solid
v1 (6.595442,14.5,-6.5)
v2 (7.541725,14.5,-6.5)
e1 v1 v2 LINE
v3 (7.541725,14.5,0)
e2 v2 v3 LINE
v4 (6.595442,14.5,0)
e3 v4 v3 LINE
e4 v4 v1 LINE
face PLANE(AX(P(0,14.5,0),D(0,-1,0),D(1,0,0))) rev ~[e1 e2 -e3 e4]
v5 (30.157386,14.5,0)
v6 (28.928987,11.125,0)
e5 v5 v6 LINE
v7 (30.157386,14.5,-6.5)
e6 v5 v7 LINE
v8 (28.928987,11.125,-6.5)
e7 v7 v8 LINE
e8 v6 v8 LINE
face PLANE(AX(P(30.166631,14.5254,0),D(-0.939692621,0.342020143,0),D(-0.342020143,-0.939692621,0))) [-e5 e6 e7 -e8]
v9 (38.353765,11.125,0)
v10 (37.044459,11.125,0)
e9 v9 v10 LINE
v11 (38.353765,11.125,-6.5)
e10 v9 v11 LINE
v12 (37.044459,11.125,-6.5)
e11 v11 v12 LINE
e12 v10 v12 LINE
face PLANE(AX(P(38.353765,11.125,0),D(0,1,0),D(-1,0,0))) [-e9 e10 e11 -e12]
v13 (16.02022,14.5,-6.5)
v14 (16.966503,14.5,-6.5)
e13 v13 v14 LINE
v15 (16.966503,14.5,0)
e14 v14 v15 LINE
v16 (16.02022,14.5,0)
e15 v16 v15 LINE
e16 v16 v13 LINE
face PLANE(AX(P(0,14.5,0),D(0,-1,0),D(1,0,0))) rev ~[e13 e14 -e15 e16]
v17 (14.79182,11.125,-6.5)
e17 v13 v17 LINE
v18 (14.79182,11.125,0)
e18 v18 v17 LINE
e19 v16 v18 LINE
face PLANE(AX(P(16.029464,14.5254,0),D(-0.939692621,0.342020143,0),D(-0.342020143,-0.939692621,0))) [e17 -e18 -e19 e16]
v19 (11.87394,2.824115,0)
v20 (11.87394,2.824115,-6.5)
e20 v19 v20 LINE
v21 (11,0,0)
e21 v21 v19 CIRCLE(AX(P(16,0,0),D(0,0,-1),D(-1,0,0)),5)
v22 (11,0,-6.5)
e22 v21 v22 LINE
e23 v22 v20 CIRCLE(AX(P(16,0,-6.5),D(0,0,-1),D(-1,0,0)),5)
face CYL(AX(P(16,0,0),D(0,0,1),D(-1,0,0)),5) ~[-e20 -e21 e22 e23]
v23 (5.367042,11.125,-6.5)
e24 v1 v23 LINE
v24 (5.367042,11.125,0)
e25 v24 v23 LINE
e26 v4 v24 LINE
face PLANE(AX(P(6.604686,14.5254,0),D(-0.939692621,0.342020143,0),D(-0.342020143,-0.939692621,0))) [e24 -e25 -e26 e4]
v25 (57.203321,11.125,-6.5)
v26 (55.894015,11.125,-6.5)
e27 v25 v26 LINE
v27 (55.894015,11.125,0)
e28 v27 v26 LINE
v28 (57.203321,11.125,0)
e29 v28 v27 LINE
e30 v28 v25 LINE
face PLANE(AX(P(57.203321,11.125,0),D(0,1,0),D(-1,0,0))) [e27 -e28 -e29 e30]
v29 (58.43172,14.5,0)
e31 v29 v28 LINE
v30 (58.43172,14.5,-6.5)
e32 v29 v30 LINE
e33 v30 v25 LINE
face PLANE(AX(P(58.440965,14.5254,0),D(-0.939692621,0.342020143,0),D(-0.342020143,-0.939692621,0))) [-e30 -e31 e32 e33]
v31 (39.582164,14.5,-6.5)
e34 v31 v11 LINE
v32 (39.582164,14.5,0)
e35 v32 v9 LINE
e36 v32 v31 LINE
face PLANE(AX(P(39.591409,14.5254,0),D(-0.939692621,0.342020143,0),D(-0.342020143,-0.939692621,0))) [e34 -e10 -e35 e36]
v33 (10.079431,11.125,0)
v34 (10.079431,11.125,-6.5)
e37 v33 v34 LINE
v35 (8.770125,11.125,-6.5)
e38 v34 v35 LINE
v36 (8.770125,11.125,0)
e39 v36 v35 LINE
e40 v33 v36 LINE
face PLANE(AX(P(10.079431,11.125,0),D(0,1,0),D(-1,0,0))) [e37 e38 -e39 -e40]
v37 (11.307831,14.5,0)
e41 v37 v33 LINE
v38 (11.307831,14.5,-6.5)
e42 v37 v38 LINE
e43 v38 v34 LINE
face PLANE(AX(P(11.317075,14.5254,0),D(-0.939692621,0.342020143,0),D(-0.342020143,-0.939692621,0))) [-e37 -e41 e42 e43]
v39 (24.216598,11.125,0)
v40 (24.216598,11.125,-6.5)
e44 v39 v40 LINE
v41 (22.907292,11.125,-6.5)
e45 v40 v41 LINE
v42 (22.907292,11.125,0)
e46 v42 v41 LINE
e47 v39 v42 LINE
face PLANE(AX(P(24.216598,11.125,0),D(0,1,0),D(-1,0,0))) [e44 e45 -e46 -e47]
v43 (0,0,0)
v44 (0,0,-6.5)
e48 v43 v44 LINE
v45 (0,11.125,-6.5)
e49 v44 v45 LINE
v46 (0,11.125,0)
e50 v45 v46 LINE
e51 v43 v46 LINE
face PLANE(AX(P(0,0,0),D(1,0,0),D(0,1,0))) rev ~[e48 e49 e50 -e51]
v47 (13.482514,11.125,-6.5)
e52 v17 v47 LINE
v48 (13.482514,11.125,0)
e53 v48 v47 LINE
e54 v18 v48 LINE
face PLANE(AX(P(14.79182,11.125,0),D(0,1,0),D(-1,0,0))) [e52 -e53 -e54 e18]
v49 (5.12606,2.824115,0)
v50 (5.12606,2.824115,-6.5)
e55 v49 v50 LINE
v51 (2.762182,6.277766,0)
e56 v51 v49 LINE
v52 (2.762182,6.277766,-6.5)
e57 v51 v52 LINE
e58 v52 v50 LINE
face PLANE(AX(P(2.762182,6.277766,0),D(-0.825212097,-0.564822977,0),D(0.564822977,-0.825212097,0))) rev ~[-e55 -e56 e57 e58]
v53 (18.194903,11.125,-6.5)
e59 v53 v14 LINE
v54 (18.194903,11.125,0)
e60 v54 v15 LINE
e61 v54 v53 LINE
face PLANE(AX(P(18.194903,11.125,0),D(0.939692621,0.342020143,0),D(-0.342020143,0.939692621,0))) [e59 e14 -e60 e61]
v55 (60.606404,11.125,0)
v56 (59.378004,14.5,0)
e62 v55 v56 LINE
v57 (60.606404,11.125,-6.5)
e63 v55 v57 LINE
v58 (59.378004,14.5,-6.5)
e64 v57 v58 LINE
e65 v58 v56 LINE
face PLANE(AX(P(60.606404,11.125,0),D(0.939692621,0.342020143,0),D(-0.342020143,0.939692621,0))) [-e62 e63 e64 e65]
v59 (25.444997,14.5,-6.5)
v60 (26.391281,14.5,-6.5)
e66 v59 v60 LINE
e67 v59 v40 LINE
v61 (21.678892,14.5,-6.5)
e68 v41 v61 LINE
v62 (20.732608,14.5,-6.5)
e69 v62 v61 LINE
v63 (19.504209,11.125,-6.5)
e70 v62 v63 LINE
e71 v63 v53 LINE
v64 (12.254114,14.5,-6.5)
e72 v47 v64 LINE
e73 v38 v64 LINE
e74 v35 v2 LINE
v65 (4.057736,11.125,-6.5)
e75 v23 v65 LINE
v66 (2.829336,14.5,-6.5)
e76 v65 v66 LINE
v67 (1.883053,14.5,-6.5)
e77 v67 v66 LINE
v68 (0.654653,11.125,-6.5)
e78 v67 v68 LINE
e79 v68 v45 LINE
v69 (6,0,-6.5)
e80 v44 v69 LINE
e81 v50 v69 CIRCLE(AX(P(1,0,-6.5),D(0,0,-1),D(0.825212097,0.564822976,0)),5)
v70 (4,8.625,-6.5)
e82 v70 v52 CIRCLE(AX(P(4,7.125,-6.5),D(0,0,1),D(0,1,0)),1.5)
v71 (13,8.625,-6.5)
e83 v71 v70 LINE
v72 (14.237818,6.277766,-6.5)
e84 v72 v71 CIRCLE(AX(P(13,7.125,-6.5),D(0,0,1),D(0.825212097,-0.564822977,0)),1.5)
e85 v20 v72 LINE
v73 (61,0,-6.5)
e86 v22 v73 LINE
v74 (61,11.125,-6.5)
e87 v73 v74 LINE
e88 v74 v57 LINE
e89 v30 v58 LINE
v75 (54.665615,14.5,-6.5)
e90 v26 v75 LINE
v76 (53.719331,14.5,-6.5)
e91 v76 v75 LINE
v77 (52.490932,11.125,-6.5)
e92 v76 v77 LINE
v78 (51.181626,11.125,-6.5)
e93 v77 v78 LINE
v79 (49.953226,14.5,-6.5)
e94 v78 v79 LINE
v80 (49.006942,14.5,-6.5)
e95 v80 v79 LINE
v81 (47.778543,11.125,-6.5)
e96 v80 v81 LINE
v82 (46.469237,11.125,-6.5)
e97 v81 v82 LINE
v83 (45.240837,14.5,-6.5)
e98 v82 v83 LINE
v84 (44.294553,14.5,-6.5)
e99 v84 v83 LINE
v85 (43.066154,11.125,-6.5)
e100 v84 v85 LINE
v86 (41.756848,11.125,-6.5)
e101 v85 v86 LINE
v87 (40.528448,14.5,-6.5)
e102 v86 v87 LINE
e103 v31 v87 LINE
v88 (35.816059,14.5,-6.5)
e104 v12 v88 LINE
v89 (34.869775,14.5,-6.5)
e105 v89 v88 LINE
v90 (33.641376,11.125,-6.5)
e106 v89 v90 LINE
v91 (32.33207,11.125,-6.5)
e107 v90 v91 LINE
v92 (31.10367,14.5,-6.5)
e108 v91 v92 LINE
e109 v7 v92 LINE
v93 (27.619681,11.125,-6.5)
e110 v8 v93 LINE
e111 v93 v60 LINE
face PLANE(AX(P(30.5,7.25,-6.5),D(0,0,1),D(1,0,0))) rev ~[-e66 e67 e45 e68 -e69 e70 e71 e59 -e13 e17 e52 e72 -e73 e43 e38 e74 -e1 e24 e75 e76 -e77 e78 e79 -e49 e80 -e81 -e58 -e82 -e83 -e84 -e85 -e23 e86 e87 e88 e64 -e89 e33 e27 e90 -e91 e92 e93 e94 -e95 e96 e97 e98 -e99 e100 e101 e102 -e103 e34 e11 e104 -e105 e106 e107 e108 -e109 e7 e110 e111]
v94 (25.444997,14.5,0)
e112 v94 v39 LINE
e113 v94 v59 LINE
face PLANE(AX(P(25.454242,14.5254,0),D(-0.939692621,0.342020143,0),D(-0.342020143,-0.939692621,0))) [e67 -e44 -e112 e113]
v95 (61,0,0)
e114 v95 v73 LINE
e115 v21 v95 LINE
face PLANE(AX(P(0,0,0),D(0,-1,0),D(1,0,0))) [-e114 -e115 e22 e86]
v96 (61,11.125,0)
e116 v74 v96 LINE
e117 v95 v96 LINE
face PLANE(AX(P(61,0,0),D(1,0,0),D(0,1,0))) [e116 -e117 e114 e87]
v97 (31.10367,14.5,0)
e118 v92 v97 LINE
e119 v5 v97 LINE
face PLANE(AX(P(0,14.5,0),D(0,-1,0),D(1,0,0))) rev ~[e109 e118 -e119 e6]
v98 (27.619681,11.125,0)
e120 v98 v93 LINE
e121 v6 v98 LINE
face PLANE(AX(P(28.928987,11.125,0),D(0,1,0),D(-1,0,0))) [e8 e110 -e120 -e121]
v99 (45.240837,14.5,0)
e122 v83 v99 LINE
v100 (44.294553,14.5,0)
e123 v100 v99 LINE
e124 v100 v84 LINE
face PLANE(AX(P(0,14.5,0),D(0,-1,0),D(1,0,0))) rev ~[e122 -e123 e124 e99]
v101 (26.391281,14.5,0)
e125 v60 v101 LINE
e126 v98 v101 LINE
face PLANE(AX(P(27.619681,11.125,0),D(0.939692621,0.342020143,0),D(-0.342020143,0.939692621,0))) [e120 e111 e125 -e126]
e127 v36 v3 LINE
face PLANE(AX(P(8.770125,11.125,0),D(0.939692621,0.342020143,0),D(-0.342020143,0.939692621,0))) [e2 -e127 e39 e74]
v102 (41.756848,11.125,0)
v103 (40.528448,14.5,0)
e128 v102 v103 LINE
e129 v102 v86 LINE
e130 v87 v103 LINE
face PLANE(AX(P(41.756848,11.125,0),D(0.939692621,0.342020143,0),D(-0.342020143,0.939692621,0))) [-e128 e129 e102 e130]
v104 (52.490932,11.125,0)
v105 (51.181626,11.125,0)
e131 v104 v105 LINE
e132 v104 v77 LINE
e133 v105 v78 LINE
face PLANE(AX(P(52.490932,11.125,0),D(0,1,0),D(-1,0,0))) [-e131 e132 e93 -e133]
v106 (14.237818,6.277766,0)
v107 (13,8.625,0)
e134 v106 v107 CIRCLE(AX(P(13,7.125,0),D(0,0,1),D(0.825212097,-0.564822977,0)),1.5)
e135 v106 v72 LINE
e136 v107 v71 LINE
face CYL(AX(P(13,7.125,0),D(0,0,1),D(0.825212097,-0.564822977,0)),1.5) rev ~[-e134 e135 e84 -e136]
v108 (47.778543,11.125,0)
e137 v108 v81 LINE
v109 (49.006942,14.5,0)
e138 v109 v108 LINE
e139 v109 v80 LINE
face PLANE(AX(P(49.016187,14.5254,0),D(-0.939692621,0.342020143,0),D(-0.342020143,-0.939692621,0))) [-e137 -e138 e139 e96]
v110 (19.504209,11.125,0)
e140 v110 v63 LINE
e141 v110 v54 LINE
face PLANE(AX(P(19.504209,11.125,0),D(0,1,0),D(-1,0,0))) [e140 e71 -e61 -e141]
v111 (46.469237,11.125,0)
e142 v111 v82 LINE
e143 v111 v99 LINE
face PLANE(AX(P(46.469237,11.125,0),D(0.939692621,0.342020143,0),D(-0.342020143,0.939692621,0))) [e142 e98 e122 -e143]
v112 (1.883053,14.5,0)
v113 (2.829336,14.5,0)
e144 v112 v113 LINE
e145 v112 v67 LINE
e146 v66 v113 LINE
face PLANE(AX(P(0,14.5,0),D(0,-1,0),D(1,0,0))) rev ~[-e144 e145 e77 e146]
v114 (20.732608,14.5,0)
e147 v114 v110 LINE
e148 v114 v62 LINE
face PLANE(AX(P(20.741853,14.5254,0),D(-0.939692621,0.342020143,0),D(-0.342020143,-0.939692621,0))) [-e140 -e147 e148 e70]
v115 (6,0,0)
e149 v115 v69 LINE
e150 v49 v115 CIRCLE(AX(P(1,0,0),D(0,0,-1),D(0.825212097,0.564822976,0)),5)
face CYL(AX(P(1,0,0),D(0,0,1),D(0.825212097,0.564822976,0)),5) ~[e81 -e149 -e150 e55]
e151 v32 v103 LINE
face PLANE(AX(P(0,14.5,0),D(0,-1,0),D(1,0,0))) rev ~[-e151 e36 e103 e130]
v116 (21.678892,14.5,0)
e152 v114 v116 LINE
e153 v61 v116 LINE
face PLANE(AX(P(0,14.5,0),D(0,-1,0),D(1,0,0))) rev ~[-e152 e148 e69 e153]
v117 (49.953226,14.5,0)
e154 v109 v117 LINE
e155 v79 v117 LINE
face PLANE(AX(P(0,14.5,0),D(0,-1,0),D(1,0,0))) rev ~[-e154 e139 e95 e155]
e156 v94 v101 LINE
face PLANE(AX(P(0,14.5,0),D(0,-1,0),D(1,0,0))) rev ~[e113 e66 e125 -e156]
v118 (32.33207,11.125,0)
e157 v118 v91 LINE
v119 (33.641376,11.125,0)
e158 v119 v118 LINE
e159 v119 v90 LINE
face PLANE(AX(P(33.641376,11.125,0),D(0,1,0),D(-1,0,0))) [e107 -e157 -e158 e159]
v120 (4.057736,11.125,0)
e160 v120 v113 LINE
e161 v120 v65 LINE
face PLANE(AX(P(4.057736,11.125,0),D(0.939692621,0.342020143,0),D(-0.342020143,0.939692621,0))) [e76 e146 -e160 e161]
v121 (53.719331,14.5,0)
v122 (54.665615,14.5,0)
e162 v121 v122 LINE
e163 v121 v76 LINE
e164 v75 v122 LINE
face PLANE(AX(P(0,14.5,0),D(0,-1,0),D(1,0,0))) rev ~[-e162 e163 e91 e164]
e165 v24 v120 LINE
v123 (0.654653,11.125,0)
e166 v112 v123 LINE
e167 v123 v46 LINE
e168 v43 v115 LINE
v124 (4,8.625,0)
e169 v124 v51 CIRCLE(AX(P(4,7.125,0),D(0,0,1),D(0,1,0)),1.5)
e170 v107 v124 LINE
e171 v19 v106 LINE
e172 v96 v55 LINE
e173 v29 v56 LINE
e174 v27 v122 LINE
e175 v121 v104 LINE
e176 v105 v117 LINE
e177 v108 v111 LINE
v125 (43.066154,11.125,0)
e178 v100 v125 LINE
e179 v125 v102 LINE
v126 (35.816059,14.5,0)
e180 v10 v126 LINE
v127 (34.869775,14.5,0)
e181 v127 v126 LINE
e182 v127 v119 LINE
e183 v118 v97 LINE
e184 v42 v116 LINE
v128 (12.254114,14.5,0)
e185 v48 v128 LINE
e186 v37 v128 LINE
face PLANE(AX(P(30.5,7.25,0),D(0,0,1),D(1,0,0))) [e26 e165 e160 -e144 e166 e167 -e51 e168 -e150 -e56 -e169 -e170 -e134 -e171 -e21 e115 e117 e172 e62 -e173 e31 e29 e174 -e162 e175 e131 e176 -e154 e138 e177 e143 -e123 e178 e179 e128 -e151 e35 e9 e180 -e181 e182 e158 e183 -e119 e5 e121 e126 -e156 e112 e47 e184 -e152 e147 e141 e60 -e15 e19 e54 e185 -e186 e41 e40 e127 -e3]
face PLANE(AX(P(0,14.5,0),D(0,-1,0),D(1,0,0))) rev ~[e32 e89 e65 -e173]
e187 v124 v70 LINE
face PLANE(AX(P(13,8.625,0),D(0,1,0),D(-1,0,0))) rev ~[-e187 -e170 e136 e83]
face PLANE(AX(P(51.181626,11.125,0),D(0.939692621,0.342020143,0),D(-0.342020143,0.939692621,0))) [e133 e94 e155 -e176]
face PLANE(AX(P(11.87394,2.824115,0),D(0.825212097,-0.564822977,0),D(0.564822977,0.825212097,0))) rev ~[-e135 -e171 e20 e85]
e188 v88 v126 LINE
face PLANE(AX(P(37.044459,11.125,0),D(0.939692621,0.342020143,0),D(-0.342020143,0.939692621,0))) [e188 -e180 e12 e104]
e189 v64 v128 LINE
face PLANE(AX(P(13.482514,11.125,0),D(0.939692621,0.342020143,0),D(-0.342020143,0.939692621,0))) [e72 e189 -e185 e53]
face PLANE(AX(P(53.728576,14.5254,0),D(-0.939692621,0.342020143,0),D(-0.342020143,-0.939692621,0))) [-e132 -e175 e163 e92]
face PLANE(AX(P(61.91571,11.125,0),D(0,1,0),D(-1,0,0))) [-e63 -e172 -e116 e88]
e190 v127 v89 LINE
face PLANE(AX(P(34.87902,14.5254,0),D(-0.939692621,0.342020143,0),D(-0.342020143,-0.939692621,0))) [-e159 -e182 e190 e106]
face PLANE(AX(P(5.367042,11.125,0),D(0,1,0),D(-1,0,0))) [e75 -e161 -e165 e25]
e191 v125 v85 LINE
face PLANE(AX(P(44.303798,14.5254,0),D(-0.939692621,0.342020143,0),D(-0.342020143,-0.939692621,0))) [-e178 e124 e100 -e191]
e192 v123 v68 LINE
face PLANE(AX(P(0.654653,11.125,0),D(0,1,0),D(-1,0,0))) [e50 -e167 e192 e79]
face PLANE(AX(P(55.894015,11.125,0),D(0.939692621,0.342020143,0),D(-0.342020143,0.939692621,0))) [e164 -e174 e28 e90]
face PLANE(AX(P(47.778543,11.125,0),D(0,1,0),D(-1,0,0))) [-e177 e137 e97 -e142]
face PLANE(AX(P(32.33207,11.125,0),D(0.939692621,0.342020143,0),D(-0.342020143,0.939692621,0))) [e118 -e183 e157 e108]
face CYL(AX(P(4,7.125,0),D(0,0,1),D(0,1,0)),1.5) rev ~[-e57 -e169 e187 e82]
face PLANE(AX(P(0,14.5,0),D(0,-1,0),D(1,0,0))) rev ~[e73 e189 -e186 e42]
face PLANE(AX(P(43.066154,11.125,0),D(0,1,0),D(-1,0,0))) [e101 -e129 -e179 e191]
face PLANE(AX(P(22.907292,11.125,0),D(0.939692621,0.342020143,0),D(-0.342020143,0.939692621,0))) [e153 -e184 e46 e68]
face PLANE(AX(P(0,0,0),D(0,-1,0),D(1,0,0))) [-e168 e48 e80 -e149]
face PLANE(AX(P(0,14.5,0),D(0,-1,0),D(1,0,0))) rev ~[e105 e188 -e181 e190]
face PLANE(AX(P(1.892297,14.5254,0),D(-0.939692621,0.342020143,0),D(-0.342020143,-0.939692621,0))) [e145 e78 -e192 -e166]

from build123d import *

# Parameters (mm, degrees)
BLANKSKE_W        = 61
BLANKSKE_H        = 14.5
BLANK_DEPTH       = 6.5
TOOTHCUTSIM_DEPTH = 64.035704168
TEETHCUTS_COUNT   = 14
TEETHCUTS_PITCH   = 4.712388975
DOVETAIL_DEPTH    = 6.5


with BuildPart() as part:
    # BlankSke → Blank (new body)
    with BuildSketch(Plane.XY):
        with Locations((30.5, 7.25)):
            Rectangle(BLANKSKE_W, BLANKSKE_H)
    extrude(amount=-BLANK_DEPTH)

    # TooCutSkeSim → ToothCutSim (cut, through all)
    with BuildSketch(Plane.XY):
        Polygon((0.654653055, 11.125), (-0.654653055, 11.125), (-1.892297439, 14.5254), (1.892297439, 14.5254), align=None)
    toothcutsim = extrude(amount=-TOOTHCUTSIM_DEPTH, mode=Mode.SUBTRACT)

    # TeethCuts: ToothCutSim ×14
    with Locations(*[(i * TEETHCUTS_PITCH, 0, 0) for i in range(1, TEETHCUTS_COUNT)]):
        add(toothcutsim, mode=Mode.SUBTRACT)

    # Sketch2 → Dovetail (cut)
    with BuildSketch(Plane.XY):
        with BuildLine():
            Line((13, 8.625), (4, 8.625))
            ThreePointArc((4, 8.625), (2.673189596, 7.824695756), (2.762181855, 6.277765535))
            Line((2.762181855, 6.277765535), (5.126060485, 2.824114884))
            ThreePointArc((5.126060485, 2.824114884), (5.776520827, 1.478123401), (6, 0))
            Line((6, 0), (11, 0))
            ThreePointArc((11, 0), (11.223479173, 1.478123401), (11.873939515, 2.824114884))
            Line((11.873939515, 2.824114884), (14.237818145, 6.277765535))
            ThreePointArc((14.237818145, 6.277765535), (14.326810404, 7.824695756), (13, 8.625))
        make_face()
    extrude(amount=-DOVETAIL_DEPTH, mode=Mode.SUBTRACT)


solid = part.part
